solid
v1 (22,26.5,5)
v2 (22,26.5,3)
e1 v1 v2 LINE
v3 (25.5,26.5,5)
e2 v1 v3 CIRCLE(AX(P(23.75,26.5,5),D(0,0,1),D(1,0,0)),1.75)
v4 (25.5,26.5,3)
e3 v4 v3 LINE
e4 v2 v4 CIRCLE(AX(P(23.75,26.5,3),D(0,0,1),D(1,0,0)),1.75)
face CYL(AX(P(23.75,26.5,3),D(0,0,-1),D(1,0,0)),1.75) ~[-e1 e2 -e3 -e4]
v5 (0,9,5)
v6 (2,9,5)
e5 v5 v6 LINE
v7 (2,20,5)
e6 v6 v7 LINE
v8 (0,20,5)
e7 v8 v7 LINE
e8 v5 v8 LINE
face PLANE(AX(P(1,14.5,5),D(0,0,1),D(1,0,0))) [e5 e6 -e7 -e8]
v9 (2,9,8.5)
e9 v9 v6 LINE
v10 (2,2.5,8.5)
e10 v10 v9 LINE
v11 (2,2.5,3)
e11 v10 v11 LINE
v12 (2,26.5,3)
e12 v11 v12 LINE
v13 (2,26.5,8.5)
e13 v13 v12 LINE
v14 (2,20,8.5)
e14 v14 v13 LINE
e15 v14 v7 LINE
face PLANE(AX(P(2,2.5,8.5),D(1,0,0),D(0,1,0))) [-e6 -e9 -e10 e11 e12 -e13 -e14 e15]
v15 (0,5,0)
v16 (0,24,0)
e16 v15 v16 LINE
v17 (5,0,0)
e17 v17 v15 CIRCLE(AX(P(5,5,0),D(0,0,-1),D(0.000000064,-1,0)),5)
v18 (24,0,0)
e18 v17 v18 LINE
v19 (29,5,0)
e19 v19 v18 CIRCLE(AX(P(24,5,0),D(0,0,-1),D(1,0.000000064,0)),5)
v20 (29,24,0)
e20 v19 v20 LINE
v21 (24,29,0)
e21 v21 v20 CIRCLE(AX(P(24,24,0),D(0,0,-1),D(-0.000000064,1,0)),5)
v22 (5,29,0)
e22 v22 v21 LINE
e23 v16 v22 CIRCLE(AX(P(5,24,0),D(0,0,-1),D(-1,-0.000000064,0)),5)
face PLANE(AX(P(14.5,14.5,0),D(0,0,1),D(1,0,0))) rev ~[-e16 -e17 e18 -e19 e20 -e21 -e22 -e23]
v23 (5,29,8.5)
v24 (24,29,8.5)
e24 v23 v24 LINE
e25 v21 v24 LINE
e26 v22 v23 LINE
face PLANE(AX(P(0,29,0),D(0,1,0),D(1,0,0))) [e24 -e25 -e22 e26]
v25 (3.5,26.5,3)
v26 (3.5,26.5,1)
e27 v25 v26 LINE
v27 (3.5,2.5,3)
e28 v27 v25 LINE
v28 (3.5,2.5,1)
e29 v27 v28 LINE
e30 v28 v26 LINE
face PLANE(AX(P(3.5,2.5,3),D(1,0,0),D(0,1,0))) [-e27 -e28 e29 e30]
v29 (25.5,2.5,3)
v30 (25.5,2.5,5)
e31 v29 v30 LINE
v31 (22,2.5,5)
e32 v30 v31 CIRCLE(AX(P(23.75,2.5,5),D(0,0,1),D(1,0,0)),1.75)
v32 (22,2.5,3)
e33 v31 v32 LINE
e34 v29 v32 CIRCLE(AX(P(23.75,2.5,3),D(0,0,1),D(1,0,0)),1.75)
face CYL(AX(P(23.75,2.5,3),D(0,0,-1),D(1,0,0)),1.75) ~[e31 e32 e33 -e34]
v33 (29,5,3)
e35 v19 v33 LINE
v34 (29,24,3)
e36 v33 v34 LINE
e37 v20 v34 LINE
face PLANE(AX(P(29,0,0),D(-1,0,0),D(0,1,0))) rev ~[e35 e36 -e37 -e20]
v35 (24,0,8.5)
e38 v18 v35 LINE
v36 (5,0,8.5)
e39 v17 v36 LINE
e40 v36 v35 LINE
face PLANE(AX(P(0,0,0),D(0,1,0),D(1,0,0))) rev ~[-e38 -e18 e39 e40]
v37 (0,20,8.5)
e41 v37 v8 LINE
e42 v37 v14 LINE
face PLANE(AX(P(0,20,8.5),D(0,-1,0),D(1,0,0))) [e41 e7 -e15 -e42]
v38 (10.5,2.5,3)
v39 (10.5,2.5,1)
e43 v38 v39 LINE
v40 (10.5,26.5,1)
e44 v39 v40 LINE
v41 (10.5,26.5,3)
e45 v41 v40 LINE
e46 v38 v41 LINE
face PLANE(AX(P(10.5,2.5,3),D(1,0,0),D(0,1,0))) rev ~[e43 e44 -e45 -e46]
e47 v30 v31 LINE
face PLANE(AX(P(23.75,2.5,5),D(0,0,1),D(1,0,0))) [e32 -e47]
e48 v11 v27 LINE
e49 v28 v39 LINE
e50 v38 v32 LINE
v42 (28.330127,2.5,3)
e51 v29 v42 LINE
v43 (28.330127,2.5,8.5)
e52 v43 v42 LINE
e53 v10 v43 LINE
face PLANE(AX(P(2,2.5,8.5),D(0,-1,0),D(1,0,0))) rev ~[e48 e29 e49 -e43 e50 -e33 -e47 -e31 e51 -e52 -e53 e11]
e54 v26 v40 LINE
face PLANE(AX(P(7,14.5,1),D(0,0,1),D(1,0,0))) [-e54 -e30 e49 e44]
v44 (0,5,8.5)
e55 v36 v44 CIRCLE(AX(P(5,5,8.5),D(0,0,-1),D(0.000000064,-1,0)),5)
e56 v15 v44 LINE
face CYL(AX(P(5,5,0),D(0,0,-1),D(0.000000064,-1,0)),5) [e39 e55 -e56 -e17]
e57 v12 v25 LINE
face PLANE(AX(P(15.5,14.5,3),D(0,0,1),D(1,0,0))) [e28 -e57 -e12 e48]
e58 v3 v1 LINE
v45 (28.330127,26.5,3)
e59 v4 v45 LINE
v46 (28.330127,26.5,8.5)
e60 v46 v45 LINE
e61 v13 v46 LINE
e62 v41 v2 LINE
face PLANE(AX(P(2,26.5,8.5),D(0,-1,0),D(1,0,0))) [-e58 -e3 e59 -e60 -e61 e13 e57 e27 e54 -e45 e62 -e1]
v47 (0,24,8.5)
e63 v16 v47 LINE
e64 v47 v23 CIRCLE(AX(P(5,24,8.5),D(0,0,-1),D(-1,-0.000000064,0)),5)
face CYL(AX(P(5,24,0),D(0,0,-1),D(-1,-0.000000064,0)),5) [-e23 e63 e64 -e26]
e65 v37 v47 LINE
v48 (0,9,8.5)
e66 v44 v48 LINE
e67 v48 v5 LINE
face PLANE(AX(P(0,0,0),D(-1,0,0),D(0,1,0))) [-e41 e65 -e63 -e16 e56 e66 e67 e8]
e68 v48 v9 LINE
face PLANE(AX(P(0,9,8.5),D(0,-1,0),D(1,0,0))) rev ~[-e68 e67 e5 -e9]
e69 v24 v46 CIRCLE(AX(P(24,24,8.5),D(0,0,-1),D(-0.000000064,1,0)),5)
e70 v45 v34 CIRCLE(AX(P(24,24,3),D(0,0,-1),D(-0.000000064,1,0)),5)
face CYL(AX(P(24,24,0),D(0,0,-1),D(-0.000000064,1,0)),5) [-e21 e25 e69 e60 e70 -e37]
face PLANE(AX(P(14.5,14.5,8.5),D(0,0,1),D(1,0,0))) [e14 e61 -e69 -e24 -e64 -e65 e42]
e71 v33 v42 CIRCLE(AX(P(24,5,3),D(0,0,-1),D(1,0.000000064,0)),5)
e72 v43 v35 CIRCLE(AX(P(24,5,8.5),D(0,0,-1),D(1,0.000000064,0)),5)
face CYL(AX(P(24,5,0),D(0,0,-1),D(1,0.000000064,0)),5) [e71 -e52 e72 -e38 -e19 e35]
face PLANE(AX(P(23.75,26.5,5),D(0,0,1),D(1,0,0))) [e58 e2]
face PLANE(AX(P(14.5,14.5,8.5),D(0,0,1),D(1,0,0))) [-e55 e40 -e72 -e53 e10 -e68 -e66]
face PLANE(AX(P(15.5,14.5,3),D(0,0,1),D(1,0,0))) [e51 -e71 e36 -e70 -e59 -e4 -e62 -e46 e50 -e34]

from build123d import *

# Parameters (mm, degrees)
SKETCH_W        = 29
SKETCH_H        = 29
PAD_DEPTH       = 8.5
SKETCH001_W     = 27
SKETCH001_H     = 24
POCKET_DEPTH    = 5.5
SKETCH002_W     = 7
SKETCH002_H     = 24
POCKET001_DEPTH = 2
SKETCH003_R     = 1.75
PAD001_DEPTH    = 2
SKETCH004_W     = 2
SKETCH004_H     = 11
POCKET002_DEPTH = 3.5
POCKET003_DEPTH = 8.501


with BuildPart() as part:
    # Sketch → Pad (new body)
    with BuildSketch(Plane.XY):
        with Locations((14.5, 14.5)):
            Rectangle(SKETCH_W, SKETCH_H)
    extrude(amount=PAD_DEPTH)

    # Sketch001 (on Face6 of Pad) → Pocket (cut)
    with BuildSketch(Plane.XY.offset(8.5)):
        with Locations((15.5, 14.5)):
            Rectangle(SKETCH001_W, SKETCH001_H)
    extrude(amount=-POCKET_DEPTH, mode=Mode.SUBTRACT)

    # Sketch002 (on Face8 of Pocket) → Pocket001 (cut)
    with BuildSketch(Plane.XY.offset(3)):
        with Locations((7, 14.5)):
            Rectangle(SKETCH002_W, SKETCH002_H)
    extrude(amount=-POCKET001_DEPTH, mode=Mode.SUBTRACT)

    # Sketch003 (on Face7 of Pocket001) → Pad001 (join)
    with BuildSketch(Plane.XY.offset(3)):
        with Locations((23.75, 2.5)):
            Circle(SKETCH003_R)
        with Locations((23.75, 26.5)):
            Circle(SKETCH003_R)
    extrude(amount=PAD001_DEPTH)

    # Sketch004 (on Face5 of Pad001) → Pocket002 (cut)
    with BuildSketch(Plane.XY.offset(8.5)):
        with Locations((1, 14.5)):
            Rectangle(SKETCH004_W, SKETCH004_H)
    extrude(amount=-POCKET002_DEPTH, mode=Mode.SUBTRACT)

    # Sketch005 (on Face4 of Pocket002) → Pocket003 (cut, through all)
    with BuildSketch(Plane(origin=(0, 0, 0), x_dir=(1, 0, 0), z_dir=(0, 0, -1))):
        with BuildLine():
            ThreePointArc((5, 0), (1.464466, -1.464466), (0, -5))
            Line((0, 0), (0, -5))
            Line((0, 0), (5, 0))
        make_face()
        with BuildLine():
            ThreePointArc((0, -24), (1.464466, -27.535534), (5, -29))
            Line((0, -29), (5, -29))
            Line((0, -29), (0, -24))
        make_face()
        with BuildLine():
            ThreePointArc((29, -5), (27.535534, -1.464466), (24, 0))
            Line((29, 0), (24, 0))
            Line((29, 0), (29, -5))
        make_face()
        with BuildLine():
            ThreePointArc((24, -29), (27.535534, -27.535534), (29, -24))
            Line((29, -29), (29, -24))
            Line((29, -29), (24, -29))
        make_face()
    extrude(amount=-POCKET003_DEPTH, mode=Mode.SUBTRACT)


solid = part.part
